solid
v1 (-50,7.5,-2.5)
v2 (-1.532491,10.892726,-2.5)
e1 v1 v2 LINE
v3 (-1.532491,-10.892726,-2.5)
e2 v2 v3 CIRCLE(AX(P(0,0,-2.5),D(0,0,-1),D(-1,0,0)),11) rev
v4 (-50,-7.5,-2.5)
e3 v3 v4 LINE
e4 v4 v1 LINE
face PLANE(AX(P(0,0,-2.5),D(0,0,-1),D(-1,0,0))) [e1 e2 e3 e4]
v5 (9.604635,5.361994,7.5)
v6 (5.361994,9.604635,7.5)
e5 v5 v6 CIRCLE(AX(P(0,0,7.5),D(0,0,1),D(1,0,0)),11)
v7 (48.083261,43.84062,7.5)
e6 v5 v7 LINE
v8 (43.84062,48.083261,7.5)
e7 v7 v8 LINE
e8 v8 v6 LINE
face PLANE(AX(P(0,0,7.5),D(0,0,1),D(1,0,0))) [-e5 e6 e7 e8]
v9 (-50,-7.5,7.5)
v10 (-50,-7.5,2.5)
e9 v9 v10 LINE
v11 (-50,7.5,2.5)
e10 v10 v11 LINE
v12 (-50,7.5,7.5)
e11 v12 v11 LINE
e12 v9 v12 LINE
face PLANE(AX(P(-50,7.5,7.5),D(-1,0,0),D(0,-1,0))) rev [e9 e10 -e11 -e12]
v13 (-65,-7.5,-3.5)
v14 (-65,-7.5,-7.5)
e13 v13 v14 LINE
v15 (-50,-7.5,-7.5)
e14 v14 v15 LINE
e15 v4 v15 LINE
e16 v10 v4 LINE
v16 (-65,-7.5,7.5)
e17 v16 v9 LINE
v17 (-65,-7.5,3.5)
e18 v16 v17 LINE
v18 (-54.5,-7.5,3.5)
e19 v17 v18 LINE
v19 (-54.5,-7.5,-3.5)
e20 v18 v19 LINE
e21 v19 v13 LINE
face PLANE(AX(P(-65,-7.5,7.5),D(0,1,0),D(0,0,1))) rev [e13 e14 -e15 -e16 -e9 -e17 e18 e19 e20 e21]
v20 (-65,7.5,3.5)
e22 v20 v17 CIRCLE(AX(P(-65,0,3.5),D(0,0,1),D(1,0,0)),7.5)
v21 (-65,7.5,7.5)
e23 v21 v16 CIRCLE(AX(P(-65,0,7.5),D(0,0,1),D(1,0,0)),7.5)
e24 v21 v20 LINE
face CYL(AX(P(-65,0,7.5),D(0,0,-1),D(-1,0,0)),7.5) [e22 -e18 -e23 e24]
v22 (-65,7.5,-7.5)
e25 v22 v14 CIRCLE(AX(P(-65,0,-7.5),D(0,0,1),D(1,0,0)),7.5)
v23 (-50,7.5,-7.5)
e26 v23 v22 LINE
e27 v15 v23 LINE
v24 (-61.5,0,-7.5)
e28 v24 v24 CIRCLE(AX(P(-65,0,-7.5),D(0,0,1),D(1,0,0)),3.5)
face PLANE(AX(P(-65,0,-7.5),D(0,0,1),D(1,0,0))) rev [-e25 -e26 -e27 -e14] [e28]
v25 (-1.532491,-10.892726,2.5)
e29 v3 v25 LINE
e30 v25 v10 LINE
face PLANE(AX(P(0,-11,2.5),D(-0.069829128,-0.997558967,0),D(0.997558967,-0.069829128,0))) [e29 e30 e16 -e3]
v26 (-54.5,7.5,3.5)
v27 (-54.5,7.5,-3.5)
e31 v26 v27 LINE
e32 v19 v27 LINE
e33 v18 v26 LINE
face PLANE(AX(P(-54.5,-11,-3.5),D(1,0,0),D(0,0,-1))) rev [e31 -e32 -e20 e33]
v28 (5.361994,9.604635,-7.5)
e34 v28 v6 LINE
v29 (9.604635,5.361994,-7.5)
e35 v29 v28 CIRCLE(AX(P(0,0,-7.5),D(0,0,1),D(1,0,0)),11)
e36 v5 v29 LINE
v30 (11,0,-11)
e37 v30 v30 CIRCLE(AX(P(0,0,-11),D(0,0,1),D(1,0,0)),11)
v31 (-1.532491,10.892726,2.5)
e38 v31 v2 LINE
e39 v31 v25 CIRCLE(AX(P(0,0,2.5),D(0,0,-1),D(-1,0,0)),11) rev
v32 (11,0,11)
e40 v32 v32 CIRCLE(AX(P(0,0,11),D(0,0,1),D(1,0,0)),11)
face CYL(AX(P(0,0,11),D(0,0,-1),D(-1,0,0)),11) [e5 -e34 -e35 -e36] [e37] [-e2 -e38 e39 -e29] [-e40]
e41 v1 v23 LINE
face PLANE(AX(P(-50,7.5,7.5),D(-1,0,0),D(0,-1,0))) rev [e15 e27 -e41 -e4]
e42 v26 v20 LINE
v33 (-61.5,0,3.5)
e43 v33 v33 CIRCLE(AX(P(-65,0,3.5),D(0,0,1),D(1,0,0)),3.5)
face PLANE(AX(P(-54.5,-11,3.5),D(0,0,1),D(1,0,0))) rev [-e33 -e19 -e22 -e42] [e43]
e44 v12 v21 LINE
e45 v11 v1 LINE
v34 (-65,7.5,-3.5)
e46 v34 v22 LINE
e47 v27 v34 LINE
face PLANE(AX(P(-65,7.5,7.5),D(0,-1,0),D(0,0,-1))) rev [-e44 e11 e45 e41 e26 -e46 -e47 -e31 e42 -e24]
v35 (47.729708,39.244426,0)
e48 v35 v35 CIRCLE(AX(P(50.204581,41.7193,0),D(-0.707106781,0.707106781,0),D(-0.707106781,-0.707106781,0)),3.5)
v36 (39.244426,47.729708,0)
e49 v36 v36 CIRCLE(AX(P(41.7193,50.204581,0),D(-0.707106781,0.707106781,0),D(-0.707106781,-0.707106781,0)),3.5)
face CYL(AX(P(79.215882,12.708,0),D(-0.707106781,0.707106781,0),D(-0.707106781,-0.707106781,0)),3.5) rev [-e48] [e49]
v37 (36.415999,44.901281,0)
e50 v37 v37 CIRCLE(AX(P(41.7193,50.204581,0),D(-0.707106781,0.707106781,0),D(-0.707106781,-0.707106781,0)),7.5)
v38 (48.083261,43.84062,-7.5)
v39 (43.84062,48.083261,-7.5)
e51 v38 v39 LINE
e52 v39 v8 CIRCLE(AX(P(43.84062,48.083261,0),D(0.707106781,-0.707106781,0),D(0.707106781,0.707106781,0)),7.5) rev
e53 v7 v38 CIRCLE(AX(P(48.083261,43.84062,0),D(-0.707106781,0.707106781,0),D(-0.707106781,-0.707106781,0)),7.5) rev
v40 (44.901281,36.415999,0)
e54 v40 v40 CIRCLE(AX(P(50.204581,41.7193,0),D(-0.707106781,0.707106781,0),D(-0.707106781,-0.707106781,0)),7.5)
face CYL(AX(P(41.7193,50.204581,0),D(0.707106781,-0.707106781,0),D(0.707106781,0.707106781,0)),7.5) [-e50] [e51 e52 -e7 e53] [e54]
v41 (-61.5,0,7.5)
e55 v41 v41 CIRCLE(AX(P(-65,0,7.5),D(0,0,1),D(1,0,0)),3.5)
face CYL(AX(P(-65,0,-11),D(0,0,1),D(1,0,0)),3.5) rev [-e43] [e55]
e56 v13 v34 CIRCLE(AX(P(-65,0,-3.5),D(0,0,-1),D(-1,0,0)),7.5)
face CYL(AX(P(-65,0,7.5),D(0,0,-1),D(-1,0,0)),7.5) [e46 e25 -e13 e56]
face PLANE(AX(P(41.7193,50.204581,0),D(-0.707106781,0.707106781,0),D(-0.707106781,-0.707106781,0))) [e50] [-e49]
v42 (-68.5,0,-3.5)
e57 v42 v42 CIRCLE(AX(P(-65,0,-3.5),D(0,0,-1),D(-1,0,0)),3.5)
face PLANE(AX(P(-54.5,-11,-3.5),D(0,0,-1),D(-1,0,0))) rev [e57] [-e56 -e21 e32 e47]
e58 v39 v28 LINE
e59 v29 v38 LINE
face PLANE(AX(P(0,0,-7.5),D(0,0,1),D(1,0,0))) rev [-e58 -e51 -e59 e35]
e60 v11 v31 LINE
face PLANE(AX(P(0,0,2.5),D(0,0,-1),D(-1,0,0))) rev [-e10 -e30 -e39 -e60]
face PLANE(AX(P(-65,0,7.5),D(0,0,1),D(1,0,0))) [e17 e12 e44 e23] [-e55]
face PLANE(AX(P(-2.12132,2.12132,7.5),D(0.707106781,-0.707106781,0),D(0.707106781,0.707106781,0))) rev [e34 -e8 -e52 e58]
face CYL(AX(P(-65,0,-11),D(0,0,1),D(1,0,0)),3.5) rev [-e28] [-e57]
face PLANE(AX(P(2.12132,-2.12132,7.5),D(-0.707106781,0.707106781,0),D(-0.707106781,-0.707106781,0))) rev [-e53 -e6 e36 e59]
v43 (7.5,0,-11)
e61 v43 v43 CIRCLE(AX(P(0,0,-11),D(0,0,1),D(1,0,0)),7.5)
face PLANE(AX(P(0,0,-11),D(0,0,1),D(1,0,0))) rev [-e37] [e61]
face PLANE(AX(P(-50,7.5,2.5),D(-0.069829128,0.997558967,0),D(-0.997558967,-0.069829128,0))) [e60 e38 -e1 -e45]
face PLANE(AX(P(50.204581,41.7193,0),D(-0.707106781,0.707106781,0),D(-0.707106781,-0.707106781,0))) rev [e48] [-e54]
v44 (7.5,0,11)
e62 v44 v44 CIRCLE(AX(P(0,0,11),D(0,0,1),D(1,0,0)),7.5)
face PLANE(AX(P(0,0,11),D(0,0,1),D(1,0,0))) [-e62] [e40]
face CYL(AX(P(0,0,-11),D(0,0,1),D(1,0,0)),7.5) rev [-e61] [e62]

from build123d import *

# Parameters (mm, degrees)
RESSALTO_EXTRUS_O1_DEPTH   = 7.5
ESBO_O2_R                  = 11
RESSALTO_EXTRUS_O2_DEPTH   = 11
RESSALTO_EXTRUS_O4_DEPTH   = 2.5
RESSALTO_EXTRUS_O5_DEPTH   = 7.5
ESBO_O5_R                  = 7.5
RESSALTO_EXTRUS_O6_DEPTH   = 6
ESBO_O6_W                  = 21
ESBO_O6_H                  = 7
CORTE_EXTRUS_O1_DEPTH      = 88.647057938
CORTE_EXTRUS_O3_DEPTH      = 92.969424267
CORTE_EXTRUS_O3_DEPTH_BACK = 92.969424267
ESBO_O7_R                  = 3.5
CORTE_EXTRUS_O5_DEPTH      = 92.969424267
CORTE_EXTRUS_O5_DEPTH_BACK = 92.969424267
ESBO_O8_R                  = 7.5
CORTE_EXTRUS_O6_DEPTH      = 87.070855116
CORTE_EXTRUS_O6_DEPTH_BACK = 87.070855116
ESBO_O9_R                  = 3.5


with BuildPart() as part:
    # Esboço1 → Ressalto-extrusão1 (new, symmetric)
    with BuildSketch(Plane.XY):
        with BuildLine():
            Line((-65, 7.5), (-50, 7.5))
            Line((-50, 7.5), (-50, -7.5))
            Line((-50, -7.5), (-65, -7.5))
            ThreePointArc((-65, -7.5), (-72.5, 0), (-65, 7.5))
        make_face()
    extrude(amount=RESSALTO_EXTRUS_O1_DEPTH, both=True)



with BuildPart() as body_2:
    # Esboço2 → Ressalto-extrusão2 (new, symmetric)
    with BuildSketch(Plane.XY):
        Circle(ESBO_O2_R)
    extrude(amount=RESSALTO_EXTRUS_O2_DEPTH, both=True)


with BuildPart() as part_1:
    add(part.part)

    add(body_2.part)  # Ressalto-extrusão4 merges body 2
    # Esboço3 → Ressalto-extrusão4 (add, symmetric)
    with BuildSketch(Plane.XY):
        Polygon((-50, 7.5), (0, 11), (0, -11), (-50, -7.5), align=None)
    extrude(amount=RESSALTO_EXTRUS_O4_DEPTH, both=True)

    # Esboço4 → Ressalto-extrusão5 (add, symmetric)
    with BuildSketch(Plane.XY):
        Polygon((2.121320344, -2.121320344), (48.083261121, 43.840620434), (43.840620434, 48.083261121), (-2.121320344, 2.121320344), align=None)
    extrude(amount=RESSALTO_EXTRUS_O5_DEPTH, both=True)

    # Esboço5 → Ressalto-extrusão6 (add, symmetric)
    with BuildSketch(Plane(origin=(0, 0, 0), x_dir=(0, 0, 1), z_dir=(-0.7071067811865488, 0.7071067811865464, 0))):
        with Locations(Location((0, 65, 0), (0, 0, 270))):
            Circle(ESBO_O5_R)
    extrude(amount=RESSALTO_EXTRUS_O6_DEPTH, both=True)

    # Esboço6 → Corte-extrusão1 (cut, through all)
    with BuildSketch(Plane(origin=(0, 7.5, 0), x_dir=(1, 0, 0), z_dir=(0, 1, 0))):
        with Locations((-65, 0)):
            Rectangle(ESBO_O6_W, ESBO_O6_H)
    extrude(amount=-CORTE_EXTRUS_O1_DEPTH, mode=Mode.SUBTRACT)

    # Esboço7 → Corte-extrusão3 (cut, two sides: drawn at the far end of the back side and taken through both)
    with BuildSketch(Plane.XY.offset(-CORTE_EXTRUS_O3_DEPTH_BACK)):
        with Locations((-65, 0)):
            Circle(ESBO_O7_R)
    extrude(amount=CORTE_EXTRUS_O3_DEPTH + CORTE_EXTRUS_O3_DEPTH_BACK, mode=Mode.SUBTRACT)

    # Esboço8 → Corte-extrusão5 (cut, two sides: drawn at the far end of the back side and taken through both)
    with BuildSketch(Plane.XY.offset(-CORTE_EXTRUS_O5_DEPTH_BACK)):
        Circle(ESBO_O8_R)
    extrude(amount=CORTE_EXTRUS_O5_DEPTH + CORTE_EXTRUS_O5_DEPTH_BACK, mode=Mode.SUBTRACT)

    # Esboço9 → Corte-extrusão6 (cut, two sides: drawn at the far end of the back side and taken through both)
    with BuildSketch(Plane(origin=(-4.242640687, 4.242640687, 0), x_dir=(0, 0, 1), z_dir=(-0.7071067811865487, 0.7071067811865465, 0)).offset(-CORTE_EXTRUS_O6_DEPTH_BACK)):
        with Locations(Location((0, 65, 0), (0, 0, 270))):
            Circle(ESBO_O9_R)
    extrude(amount=CORTE_EXTRUS_O6_DEPTH + CORTE_EXTRUS_O6_DEPTH_BACK, mode=Mode.SUBTRACT)


solid = part_1.part
